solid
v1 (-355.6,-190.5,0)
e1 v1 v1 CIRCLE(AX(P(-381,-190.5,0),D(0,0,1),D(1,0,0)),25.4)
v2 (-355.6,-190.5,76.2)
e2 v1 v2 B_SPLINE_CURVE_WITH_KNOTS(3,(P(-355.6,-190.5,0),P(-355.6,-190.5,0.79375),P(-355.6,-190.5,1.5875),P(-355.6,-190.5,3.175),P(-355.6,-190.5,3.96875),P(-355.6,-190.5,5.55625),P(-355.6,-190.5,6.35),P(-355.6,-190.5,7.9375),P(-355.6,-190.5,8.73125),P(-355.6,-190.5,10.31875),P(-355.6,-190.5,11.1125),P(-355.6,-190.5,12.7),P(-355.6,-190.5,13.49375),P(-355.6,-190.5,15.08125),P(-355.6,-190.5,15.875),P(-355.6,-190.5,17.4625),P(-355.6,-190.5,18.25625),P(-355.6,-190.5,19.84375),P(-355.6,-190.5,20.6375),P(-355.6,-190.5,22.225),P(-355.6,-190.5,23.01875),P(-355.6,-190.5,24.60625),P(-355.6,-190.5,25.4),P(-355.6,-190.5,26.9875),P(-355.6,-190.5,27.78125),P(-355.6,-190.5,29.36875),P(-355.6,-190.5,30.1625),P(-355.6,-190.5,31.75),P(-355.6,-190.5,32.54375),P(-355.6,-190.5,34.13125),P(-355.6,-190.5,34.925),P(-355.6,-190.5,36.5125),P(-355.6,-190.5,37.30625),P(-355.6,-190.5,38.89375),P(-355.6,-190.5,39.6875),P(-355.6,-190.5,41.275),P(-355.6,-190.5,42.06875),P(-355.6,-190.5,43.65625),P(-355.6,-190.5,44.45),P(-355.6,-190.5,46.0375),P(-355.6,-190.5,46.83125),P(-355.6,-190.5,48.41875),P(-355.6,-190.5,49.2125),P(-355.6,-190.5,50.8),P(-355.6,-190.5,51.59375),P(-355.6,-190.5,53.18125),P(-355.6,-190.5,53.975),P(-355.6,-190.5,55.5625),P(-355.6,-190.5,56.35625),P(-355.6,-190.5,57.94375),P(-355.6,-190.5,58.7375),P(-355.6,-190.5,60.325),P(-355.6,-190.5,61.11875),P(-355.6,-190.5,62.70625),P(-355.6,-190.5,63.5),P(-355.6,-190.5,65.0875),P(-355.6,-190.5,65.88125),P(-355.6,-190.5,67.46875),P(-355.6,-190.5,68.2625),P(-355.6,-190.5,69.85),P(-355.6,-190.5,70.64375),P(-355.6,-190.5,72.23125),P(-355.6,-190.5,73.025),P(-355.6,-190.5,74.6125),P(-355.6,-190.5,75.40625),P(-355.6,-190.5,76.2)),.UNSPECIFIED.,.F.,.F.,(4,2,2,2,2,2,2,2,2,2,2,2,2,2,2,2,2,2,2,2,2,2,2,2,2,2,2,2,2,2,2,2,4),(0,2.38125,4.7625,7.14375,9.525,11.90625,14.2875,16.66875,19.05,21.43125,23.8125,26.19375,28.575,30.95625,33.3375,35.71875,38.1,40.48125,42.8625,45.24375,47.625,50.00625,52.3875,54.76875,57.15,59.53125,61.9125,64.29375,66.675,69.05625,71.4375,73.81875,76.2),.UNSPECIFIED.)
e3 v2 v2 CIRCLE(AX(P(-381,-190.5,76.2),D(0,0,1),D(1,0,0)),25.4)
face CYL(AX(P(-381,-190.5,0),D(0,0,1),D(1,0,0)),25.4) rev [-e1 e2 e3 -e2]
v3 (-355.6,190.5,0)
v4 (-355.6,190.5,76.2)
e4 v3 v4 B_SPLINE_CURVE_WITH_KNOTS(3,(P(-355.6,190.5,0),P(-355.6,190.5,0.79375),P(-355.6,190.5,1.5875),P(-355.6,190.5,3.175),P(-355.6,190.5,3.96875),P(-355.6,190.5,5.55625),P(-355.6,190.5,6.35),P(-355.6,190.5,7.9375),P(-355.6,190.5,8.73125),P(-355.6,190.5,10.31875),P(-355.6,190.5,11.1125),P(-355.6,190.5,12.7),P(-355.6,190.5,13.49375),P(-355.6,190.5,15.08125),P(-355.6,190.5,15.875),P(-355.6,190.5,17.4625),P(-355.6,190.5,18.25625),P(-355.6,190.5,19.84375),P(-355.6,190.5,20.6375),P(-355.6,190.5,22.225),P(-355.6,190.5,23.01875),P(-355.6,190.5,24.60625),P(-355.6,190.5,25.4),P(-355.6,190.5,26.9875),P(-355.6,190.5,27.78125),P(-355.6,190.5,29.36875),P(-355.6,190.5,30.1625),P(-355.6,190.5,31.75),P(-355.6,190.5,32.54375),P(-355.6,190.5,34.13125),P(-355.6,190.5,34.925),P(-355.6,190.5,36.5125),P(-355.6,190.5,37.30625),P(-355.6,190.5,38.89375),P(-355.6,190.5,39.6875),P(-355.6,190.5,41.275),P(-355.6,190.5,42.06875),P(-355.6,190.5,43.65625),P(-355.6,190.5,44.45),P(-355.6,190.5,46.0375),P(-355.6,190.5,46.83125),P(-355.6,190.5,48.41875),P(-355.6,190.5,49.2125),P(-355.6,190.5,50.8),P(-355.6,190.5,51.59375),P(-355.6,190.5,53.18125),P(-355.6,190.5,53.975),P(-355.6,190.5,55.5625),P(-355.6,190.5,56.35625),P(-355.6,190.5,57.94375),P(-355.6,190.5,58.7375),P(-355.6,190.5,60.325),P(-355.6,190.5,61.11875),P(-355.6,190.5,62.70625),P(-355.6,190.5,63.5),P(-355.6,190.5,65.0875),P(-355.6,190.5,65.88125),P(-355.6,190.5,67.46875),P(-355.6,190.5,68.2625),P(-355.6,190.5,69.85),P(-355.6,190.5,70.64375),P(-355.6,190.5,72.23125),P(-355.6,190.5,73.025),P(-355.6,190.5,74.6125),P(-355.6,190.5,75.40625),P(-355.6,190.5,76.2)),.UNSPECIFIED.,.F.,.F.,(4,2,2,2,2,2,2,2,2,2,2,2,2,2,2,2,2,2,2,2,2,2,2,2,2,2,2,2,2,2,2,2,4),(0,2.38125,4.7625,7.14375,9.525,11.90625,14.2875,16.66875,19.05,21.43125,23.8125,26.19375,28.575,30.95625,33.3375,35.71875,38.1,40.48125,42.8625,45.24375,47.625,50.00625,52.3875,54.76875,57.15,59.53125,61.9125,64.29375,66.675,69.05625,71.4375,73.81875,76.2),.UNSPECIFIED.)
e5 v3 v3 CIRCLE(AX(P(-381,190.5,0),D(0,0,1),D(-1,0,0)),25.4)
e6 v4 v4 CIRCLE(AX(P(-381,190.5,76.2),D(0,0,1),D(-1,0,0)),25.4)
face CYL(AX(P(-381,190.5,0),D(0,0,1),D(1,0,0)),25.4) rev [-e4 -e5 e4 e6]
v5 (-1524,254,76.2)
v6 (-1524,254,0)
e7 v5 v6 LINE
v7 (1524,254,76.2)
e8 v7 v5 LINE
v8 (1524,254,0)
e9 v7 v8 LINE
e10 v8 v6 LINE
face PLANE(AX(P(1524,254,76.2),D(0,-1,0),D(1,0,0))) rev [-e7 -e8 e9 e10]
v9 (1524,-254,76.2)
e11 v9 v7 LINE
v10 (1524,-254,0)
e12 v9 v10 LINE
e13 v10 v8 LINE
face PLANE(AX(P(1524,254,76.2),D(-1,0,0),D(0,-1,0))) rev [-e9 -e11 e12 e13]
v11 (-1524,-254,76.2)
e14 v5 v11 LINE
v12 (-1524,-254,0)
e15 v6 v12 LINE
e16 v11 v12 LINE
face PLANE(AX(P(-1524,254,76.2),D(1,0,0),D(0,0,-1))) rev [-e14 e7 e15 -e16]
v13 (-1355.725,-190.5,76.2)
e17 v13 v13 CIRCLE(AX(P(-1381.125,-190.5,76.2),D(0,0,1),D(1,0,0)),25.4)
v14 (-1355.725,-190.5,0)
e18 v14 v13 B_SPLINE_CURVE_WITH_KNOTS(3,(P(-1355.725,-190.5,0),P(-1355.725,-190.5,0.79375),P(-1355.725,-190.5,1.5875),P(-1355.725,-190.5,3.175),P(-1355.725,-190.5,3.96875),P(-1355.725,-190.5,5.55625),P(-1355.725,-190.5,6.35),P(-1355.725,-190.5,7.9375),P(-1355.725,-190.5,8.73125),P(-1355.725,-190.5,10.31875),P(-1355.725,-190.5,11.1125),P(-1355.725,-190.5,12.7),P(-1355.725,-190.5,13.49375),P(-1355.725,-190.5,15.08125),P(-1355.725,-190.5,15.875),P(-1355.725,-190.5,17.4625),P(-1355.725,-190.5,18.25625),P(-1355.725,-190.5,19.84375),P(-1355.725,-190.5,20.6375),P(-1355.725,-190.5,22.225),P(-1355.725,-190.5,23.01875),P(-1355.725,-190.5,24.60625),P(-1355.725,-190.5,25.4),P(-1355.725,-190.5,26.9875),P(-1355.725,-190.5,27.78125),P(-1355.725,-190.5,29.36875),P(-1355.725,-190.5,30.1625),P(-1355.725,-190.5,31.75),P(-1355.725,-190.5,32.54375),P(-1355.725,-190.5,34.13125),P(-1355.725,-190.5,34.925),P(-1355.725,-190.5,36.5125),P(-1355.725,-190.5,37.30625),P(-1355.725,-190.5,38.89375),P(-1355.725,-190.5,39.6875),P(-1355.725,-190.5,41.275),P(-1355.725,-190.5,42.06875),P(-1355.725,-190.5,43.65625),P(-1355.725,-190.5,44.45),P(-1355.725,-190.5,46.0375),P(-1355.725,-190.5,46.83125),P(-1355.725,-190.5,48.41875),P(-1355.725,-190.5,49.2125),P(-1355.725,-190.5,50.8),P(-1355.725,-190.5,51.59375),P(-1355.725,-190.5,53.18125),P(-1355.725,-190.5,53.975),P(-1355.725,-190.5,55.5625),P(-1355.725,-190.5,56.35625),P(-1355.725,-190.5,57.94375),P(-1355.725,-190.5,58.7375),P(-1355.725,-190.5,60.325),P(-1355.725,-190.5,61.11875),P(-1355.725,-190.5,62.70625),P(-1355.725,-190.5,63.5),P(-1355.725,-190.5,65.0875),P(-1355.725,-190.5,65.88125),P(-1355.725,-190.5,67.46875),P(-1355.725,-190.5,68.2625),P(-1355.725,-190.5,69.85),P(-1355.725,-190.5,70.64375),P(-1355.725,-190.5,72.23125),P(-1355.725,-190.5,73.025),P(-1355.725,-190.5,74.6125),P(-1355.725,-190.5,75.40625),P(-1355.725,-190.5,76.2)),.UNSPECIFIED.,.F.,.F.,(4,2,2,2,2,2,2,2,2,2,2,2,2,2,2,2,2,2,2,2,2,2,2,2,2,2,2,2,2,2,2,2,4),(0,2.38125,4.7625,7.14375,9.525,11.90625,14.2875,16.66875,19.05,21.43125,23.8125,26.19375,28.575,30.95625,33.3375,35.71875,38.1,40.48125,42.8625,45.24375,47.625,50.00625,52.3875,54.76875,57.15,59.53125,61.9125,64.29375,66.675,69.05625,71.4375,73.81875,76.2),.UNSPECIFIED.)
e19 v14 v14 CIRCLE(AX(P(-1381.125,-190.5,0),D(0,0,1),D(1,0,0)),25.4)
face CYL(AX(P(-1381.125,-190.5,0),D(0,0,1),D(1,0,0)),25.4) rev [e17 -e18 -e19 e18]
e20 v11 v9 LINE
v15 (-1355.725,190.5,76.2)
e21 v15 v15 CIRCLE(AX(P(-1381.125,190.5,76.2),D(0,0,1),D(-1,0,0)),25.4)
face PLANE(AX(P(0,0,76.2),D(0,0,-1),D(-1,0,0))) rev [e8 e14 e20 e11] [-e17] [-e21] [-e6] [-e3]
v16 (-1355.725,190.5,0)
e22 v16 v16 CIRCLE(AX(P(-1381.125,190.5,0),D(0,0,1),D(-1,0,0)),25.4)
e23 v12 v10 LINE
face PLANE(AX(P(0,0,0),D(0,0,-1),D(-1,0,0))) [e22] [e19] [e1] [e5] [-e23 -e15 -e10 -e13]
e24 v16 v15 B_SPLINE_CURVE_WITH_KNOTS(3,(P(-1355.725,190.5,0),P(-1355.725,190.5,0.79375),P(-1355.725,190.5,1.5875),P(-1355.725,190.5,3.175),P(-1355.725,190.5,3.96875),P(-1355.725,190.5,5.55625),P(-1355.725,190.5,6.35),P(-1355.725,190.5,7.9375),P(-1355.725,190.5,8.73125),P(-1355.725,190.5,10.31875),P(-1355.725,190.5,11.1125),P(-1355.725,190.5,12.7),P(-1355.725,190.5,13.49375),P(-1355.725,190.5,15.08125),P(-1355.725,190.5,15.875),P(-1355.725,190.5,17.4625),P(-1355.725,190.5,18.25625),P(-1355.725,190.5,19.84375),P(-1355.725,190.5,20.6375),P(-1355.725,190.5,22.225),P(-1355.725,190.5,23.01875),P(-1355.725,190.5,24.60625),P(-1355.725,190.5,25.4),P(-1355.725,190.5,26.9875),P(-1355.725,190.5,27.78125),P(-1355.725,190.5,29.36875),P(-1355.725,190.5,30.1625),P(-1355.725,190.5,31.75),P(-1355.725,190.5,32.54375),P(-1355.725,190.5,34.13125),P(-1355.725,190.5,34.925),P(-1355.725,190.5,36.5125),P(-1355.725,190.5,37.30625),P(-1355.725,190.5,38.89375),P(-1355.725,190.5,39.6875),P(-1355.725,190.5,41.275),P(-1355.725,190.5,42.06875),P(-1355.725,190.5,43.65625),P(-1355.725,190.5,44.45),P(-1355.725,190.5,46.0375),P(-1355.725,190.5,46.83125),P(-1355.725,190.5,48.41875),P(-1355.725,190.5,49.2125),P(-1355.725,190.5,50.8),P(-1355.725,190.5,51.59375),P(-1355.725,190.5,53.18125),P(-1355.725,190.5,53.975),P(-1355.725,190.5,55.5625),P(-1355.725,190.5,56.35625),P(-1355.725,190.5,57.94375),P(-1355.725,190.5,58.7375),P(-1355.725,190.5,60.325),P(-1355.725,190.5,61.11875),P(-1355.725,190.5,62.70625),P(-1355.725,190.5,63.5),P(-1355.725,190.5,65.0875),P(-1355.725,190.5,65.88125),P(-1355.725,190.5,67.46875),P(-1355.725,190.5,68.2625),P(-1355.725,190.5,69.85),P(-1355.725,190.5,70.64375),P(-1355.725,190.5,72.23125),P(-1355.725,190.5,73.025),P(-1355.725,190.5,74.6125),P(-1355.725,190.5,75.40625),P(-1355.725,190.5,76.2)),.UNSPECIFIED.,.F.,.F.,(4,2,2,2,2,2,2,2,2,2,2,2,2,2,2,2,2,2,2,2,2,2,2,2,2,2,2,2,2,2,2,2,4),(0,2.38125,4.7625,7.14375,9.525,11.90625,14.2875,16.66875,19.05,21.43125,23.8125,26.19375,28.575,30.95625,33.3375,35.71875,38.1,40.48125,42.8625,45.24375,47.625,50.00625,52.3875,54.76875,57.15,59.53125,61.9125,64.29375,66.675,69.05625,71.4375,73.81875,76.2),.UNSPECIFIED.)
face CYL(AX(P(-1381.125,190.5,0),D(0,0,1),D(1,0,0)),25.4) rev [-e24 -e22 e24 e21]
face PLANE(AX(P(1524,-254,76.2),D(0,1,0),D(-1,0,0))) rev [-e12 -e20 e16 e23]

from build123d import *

# Parameters (mm, degrees)
SKETCH1_W           = 3048
SKETCH1_H           = 508
BOSS_EXTRUDE1_DEPTH = 76.2
SKETCH2_R           = 25.4
CUT_EXTRUDE1_DEPTH  = 1547.899621824


with BuildPart() as part:
    # Sketch1 → Boss-Extrude1 (new body)
    with BuildSketch(Plane.XY):
        Rectangle(SKETCH1_W, SKETCH1_H)
    extrude(amount=BOSS_EXTRUDE1_DEPTH)

    # Sketch2 → Cut-Extrude1 (cut, through all)
    with BuildSketch(Plane.XY.offset(76.2)):
        with Locations((-381, -190.5)):
            Circle(SKETCH2_R)
        with Locations((-1381.125, -190.5)):
            Circle(SKETCH2_R)
        with Locations((-381, 190.5)):
            Circle(SKETCH2_R)
        with Locations((-1381.125, 190.5)):
            Circle(SKETCH2_R)
    extrude(amount=-CUT_EXTRUDE1_DEPTH, mode=Mode.SUBTRACT)


solid = part.part
